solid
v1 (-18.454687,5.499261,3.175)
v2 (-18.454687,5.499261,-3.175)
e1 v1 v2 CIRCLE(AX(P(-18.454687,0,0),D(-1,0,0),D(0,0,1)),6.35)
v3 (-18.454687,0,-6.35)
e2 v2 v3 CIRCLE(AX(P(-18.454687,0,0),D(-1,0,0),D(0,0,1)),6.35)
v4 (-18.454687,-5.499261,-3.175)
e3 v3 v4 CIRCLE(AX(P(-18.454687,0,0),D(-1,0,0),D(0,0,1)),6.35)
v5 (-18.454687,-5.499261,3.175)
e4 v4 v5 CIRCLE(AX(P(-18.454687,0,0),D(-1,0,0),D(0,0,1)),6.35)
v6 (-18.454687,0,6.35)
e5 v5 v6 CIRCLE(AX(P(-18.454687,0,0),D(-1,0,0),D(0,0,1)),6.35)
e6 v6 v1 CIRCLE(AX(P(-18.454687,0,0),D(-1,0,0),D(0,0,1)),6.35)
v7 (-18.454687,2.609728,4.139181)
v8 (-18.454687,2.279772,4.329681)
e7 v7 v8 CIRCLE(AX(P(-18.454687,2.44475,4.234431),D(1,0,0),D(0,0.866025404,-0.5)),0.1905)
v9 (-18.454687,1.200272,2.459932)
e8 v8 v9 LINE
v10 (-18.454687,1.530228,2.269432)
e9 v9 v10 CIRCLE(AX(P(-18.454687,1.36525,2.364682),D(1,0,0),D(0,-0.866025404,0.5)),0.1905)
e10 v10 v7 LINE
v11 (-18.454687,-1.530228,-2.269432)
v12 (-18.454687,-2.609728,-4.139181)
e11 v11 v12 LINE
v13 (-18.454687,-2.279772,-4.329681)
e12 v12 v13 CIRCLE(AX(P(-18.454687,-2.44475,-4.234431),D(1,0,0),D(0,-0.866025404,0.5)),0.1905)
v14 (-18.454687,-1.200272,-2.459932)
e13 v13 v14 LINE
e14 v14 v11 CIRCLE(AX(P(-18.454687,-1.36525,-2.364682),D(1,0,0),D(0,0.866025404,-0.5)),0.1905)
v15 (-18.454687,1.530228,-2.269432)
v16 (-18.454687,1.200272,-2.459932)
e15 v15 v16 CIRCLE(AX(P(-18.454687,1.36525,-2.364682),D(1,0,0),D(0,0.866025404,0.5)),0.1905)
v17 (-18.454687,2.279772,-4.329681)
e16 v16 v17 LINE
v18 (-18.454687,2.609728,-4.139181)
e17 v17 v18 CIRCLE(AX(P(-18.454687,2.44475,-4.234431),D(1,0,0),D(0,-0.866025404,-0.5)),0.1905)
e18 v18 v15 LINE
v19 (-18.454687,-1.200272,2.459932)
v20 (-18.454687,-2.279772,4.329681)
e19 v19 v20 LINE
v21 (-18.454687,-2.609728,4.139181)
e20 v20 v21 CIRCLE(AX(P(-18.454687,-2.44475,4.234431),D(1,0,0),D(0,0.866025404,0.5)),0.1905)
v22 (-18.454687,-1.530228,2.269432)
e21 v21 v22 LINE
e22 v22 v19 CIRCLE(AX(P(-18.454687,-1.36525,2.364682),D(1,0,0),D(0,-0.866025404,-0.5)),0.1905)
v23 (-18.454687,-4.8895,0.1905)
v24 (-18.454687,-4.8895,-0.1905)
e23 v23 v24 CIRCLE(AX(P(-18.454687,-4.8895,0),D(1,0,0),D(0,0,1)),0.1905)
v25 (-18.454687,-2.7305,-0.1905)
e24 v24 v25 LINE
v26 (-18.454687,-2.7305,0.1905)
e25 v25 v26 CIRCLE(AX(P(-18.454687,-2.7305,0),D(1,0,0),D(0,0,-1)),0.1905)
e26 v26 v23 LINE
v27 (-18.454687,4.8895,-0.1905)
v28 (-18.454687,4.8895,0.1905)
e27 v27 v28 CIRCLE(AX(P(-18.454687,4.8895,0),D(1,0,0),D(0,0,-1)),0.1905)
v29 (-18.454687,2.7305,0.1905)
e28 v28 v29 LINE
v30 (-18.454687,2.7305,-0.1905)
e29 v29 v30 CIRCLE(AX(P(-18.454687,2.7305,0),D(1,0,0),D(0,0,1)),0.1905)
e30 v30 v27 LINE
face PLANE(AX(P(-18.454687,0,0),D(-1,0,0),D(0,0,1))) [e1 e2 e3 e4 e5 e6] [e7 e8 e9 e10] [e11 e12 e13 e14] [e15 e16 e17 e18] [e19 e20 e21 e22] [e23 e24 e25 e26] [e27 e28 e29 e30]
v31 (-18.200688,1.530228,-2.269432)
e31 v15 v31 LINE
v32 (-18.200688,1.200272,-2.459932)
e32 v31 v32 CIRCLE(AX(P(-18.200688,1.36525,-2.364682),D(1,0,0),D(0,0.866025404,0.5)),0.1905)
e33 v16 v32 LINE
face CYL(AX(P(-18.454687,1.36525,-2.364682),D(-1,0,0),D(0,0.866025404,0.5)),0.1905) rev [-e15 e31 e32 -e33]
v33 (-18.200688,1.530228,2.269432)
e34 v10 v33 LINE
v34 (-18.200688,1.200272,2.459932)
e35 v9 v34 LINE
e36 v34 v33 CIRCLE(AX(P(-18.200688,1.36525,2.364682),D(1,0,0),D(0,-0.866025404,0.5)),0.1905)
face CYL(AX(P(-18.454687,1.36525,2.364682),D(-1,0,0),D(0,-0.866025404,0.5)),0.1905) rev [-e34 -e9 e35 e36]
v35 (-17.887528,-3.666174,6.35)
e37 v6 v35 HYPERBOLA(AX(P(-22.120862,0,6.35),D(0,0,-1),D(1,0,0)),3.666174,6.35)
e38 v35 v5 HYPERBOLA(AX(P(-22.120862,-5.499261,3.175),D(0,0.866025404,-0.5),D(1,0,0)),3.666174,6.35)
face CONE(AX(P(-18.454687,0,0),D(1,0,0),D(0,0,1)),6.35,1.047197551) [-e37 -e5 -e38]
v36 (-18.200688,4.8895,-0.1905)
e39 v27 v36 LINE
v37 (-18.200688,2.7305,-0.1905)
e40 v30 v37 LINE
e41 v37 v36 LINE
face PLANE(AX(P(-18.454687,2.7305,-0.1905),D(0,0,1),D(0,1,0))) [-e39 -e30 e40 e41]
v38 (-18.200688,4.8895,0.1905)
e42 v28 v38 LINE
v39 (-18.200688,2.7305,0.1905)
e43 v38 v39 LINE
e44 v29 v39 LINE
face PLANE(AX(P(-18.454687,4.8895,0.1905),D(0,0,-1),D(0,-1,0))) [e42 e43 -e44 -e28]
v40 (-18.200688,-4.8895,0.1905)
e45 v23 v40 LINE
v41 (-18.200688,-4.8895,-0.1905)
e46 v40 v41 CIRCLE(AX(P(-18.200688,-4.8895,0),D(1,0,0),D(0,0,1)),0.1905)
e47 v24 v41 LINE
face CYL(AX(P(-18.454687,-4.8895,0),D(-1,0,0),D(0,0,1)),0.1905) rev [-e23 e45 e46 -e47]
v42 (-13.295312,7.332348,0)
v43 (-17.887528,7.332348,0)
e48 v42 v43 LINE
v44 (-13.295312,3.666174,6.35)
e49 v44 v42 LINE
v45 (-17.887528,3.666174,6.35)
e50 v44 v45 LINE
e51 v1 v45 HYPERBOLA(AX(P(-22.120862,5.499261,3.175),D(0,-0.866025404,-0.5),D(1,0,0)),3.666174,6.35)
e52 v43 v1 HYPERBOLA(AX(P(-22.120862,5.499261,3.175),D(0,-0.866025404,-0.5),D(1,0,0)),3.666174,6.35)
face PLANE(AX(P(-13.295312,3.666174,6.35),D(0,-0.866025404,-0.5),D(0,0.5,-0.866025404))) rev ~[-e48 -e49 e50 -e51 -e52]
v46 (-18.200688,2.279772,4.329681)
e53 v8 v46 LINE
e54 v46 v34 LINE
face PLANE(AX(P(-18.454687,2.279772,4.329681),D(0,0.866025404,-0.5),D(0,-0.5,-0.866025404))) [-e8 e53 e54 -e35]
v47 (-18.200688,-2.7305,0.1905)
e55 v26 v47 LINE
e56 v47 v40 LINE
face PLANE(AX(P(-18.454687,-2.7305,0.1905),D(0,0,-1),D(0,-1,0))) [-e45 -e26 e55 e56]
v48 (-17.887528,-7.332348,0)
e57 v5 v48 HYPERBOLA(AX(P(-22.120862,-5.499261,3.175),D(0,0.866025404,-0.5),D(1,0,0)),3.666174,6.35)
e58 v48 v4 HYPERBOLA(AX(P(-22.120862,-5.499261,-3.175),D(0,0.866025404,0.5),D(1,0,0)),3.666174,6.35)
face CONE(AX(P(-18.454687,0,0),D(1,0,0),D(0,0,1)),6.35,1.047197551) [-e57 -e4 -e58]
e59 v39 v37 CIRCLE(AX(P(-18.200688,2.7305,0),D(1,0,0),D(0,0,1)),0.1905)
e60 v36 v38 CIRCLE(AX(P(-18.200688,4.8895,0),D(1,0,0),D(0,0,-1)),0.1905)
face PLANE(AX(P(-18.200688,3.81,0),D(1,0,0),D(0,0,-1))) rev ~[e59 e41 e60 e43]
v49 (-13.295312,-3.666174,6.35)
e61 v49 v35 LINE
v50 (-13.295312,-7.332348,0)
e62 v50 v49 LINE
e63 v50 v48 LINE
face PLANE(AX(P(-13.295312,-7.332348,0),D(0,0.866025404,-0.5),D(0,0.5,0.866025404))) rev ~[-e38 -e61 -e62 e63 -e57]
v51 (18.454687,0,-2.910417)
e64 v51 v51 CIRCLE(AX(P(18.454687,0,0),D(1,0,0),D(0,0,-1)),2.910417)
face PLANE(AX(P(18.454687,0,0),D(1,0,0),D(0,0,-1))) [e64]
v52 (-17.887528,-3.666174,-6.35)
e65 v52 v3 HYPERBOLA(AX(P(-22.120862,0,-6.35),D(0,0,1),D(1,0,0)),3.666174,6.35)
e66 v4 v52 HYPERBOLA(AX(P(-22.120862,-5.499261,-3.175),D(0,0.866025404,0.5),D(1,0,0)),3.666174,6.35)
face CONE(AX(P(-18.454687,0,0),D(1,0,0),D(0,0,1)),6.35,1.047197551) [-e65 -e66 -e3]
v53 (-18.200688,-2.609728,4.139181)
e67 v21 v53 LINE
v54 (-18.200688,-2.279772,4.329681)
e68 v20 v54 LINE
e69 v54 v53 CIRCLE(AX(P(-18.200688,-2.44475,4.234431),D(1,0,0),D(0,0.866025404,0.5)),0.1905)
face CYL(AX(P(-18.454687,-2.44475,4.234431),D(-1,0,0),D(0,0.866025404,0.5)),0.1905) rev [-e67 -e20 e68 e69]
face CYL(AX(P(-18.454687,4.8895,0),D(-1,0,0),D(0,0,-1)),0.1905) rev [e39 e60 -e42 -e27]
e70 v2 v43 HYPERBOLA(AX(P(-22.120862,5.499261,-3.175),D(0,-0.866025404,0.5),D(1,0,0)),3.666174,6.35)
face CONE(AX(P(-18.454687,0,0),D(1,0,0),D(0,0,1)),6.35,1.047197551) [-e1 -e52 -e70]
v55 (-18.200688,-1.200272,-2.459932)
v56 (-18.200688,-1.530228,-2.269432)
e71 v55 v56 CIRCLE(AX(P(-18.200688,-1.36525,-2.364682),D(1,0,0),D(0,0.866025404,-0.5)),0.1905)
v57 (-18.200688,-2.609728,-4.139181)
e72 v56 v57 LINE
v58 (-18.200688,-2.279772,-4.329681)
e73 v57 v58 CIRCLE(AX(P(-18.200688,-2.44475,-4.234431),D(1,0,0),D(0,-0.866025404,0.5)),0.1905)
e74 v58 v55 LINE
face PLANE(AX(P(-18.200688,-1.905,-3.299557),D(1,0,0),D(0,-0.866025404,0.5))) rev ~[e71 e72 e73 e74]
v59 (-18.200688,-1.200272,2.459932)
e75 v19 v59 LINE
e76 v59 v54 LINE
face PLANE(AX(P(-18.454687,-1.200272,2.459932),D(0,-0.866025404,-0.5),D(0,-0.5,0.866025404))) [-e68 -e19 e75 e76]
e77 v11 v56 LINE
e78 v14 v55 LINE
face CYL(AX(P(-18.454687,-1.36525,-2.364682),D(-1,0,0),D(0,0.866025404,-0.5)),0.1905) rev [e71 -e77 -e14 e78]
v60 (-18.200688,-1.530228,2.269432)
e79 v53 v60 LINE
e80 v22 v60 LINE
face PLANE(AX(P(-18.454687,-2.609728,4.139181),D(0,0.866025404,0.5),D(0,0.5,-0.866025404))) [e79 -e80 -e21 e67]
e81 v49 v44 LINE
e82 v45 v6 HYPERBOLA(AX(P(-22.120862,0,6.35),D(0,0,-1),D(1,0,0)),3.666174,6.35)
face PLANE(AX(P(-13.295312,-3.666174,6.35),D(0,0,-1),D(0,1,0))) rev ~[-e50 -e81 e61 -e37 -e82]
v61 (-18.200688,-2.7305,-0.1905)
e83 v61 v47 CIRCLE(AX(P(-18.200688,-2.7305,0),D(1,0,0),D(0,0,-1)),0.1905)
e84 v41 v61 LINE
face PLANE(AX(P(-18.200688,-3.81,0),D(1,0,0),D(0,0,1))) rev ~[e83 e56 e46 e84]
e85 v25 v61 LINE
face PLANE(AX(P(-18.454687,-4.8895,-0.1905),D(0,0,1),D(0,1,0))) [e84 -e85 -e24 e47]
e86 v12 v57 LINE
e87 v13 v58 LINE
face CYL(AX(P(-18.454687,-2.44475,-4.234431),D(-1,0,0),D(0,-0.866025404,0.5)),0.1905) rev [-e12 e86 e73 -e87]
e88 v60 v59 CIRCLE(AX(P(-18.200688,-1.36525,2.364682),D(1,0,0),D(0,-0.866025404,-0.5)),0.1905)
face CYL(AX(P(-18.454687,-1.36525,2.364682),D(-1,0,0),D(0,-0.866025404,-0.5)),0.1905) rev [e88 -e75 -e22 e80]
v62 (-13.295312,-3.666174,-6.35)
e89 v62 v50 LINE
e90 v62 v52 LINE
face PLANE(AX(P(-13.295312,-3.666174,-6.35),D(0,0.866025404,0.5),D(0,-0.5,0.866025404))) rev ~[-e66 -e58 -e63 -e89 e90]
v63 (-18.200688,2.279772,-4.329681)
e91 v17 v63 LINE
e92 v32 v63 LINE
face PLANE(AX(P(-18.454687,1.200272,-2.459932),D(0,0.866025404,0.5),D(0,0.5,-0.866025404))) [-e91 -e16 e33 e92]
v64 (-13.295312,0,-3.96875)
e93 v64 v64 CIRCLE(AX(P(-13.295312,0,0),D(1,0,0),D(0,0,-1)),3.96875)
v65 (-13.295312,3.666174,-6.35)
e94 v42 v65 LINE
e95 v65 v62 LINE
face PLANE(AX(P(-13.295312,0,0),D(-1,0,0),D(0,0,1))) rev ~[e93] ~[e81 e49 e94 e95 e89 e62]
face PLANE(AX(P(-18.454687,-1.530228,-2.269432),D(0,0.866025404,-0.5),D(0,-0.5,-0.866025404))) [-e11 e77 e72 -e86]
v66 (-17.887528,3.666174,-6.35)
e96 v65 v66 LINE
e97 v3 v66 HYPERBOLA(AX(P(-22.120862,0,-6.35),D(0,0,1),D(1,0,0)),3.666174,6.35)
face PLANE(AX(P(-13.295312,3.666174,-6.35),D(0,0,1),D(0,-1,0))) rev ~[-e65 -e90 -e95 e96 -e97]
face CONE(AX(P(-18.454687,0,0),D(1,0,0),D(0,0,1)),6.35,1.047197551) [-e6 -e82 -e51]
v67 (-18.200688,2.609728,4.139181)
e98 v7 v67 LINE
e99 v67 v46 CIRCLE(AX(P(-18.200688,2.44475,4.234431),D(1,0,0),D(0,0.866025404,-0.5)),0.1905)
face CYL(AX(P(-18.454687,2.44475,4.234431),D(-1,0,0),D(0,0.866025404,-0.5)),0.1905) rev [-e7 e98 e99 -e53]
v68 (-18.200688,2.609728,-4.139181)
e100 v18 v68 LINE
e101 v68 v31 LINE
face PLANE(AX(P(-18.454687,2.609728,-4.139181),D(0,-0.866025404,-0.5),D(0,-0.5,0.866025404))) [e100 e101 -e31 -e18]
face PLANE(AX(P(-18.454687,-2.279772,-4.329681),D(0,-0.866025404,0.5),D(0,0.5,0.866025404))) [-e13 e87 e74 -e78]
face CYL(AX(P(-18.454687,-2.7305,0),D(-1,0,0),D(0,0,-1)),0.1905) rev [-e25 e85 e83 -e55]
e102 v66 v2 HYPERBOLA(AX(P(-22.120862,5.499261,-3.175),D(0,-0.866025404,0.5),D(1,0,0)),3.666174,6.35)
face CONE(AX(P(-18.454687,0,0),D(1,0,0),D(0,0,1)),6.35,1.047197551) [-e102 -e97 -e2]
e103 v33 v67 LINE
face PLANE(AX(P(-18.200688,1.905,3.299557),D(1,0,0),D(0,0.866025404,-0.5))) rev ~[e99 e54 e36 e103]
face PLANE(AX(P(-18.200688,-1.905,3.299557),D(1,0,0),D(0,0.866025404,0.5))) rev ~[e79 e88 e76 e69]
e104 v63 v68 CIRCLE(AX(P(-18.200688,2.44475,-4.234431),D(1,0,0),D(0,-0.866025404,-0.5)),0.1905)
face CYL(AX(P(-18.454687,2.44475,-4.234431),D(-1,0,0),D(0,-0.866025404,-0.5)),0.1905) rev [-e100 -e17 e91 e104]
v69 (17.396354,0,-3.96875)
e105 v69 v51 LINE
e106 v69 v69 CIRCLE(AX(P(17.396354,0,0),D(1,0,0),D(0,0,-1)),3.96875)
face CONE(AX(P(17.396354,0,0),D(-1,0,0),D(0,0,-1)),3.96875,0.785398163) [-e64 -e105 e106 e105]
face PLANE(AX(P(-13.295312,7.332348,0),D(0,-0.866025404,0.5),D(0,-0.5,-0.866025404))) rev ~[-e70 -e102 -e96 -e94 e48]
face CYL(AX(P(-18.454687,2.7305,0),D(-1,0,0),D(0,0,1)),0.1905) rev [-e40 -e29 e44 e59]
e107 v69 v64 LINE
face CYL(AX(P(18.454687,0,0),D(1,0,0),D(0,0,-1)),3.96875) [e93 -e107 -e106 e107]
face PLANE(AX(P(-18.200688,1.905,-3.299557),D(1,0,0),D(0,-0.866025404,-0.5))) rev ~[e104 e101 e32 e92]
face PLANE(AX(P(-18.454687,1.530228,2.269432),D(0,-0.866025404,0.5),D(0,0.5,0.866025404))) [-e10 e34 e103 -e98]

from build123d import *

# Parameters (mm, degrees)
SKETCH5_R           = 3.96875
BOSS_EXTRUDE3_DEPTH = 31.75
CHAMFER1_SIZE       = 1.058333333
BOSS_EXTRUDE4_DEPTH = 5.159375
SKETCH8_OUTSIDE_W   = 158.702
SKETCH8_OUTSIDE_H   = 160.666
SKETCH8_OUTSIDE_R   = 6.35
CUT_EXTRUDE3_DEPTH  = 39.16264923
CUT_EXTRUDE3_DRAFT  = -60
CUT_EXTRUDE4_DEPTH  = 0.254
CIRPATTERN1_COUNT   = 6


with BuildPart() as part:
    # Sketch5 → Boss-Extrude3 (new body)
    with BuildSketch(Plane(origin=(18.4546875, 0, 0), x_dir=(0, 0, -1), z_dir=(1, 0, 0))):
        Circle(SKETCH5_R)
    extrude(amount=-BOSS_EXTRUDE3_DEPTH)

    # Chamfer1
    chamfer1_edges = [part.edges().sort_by_distance(p)[0] for p in [
        (18.4546875, 0, 3.96875),
    ]]
    chamfer(chamfer1_edges, length=CHAMFER1_SIZE)

    # Sketch6 → Boss-Extrude4 (add)
    with BuildSketch(Plane.ZY.offset(13.2953125)):
        Polygon((6.35, 3.666174209), (0, 7.332348419), (-6.35, 3.666174209), (-6.35, -3.666174209), (0, -7.332348419), (6.35, -3.666174209), align=None)
    extrude(amount=BOSS_EXTRUDE4_DEPTH)


with BuildPart() as cut_extrude3_tool:
    # Sketch8 outside → Cut-Extrude3 (with draft: the straight prism first)
    with BuildSketch(Plane.ZY.offset(18.4546875)):
        Rectangle(SKETCH8_OUTSIDE_W, SKETCH8_OUTSIDE_H)
        Circle(SKETCH8_OUTSIDE_R, mode=Mode.SUBTRACT)
    extrude(amount=-CUT_EXTRUDE3_DEPTH)
    # Cut-Extrude3: the draft: its side faces are tilted about the plane it starts from
    cut_extrude3_sides = [cut_extrude3_tool.faces().sort_by_distance(p)[0] for p in [
        (1.126637115, -80.333, 0),
        (1.126637115, 0, 79.351),
        (1.126637115, 80.333, 0),
        (1.126637115, 0, -79.351),
        (1.126637115, 0, -6.35),
    ]]
    draft(cut_extrude3_sides, Plane.ZY.offset(18.4546875), CUT_EXTRUDE3_DRAFT)


with BuildPart() as part_1:
    add(part.part)

    # Cut-Extrude3: cut by cut_extrude3_tool
    add(cut_extrude3_tool.part, mode=Mode.SUBTRACT)

    # Sketch12 → Cut-Extrude4 (cut)
    with BuildSketch(Plane.ZY.offset(18.4546875)):
        with BuildLine():
            Line((0.1905, 4.8895), (0.1905, 2.7305))
            ThreePointArc((0.1905, 2.7305), (0, 2.54), (-0.1905, 2.7305))
            Line((-0.1905, 2.7305), (-0.1905, 4.8895))
            ThreePointArc((-0.1905, 4.8895), (0, 5.08), (0.1905, 4.8895))
        make_face()
    cut_extrude4 = extrude(amount=-CUT_EXTRUDE4_DEPTH, mode=Mode.SUBTRACT)

    # CirPattern1: Cut-Extrude4 ×6 about axis
    cirpattern1_axis = Axis((0, 0, 0), (1, 0, 0))
    for i in range(1, CIRPATTERN1_COUNT):
        add(cut_extrude4.rotate(cirpattern1_axis, i * 360 / CIRPATTERN1_COUNT), mode=Mode.SUBTRACT)


solid = part_1.part
